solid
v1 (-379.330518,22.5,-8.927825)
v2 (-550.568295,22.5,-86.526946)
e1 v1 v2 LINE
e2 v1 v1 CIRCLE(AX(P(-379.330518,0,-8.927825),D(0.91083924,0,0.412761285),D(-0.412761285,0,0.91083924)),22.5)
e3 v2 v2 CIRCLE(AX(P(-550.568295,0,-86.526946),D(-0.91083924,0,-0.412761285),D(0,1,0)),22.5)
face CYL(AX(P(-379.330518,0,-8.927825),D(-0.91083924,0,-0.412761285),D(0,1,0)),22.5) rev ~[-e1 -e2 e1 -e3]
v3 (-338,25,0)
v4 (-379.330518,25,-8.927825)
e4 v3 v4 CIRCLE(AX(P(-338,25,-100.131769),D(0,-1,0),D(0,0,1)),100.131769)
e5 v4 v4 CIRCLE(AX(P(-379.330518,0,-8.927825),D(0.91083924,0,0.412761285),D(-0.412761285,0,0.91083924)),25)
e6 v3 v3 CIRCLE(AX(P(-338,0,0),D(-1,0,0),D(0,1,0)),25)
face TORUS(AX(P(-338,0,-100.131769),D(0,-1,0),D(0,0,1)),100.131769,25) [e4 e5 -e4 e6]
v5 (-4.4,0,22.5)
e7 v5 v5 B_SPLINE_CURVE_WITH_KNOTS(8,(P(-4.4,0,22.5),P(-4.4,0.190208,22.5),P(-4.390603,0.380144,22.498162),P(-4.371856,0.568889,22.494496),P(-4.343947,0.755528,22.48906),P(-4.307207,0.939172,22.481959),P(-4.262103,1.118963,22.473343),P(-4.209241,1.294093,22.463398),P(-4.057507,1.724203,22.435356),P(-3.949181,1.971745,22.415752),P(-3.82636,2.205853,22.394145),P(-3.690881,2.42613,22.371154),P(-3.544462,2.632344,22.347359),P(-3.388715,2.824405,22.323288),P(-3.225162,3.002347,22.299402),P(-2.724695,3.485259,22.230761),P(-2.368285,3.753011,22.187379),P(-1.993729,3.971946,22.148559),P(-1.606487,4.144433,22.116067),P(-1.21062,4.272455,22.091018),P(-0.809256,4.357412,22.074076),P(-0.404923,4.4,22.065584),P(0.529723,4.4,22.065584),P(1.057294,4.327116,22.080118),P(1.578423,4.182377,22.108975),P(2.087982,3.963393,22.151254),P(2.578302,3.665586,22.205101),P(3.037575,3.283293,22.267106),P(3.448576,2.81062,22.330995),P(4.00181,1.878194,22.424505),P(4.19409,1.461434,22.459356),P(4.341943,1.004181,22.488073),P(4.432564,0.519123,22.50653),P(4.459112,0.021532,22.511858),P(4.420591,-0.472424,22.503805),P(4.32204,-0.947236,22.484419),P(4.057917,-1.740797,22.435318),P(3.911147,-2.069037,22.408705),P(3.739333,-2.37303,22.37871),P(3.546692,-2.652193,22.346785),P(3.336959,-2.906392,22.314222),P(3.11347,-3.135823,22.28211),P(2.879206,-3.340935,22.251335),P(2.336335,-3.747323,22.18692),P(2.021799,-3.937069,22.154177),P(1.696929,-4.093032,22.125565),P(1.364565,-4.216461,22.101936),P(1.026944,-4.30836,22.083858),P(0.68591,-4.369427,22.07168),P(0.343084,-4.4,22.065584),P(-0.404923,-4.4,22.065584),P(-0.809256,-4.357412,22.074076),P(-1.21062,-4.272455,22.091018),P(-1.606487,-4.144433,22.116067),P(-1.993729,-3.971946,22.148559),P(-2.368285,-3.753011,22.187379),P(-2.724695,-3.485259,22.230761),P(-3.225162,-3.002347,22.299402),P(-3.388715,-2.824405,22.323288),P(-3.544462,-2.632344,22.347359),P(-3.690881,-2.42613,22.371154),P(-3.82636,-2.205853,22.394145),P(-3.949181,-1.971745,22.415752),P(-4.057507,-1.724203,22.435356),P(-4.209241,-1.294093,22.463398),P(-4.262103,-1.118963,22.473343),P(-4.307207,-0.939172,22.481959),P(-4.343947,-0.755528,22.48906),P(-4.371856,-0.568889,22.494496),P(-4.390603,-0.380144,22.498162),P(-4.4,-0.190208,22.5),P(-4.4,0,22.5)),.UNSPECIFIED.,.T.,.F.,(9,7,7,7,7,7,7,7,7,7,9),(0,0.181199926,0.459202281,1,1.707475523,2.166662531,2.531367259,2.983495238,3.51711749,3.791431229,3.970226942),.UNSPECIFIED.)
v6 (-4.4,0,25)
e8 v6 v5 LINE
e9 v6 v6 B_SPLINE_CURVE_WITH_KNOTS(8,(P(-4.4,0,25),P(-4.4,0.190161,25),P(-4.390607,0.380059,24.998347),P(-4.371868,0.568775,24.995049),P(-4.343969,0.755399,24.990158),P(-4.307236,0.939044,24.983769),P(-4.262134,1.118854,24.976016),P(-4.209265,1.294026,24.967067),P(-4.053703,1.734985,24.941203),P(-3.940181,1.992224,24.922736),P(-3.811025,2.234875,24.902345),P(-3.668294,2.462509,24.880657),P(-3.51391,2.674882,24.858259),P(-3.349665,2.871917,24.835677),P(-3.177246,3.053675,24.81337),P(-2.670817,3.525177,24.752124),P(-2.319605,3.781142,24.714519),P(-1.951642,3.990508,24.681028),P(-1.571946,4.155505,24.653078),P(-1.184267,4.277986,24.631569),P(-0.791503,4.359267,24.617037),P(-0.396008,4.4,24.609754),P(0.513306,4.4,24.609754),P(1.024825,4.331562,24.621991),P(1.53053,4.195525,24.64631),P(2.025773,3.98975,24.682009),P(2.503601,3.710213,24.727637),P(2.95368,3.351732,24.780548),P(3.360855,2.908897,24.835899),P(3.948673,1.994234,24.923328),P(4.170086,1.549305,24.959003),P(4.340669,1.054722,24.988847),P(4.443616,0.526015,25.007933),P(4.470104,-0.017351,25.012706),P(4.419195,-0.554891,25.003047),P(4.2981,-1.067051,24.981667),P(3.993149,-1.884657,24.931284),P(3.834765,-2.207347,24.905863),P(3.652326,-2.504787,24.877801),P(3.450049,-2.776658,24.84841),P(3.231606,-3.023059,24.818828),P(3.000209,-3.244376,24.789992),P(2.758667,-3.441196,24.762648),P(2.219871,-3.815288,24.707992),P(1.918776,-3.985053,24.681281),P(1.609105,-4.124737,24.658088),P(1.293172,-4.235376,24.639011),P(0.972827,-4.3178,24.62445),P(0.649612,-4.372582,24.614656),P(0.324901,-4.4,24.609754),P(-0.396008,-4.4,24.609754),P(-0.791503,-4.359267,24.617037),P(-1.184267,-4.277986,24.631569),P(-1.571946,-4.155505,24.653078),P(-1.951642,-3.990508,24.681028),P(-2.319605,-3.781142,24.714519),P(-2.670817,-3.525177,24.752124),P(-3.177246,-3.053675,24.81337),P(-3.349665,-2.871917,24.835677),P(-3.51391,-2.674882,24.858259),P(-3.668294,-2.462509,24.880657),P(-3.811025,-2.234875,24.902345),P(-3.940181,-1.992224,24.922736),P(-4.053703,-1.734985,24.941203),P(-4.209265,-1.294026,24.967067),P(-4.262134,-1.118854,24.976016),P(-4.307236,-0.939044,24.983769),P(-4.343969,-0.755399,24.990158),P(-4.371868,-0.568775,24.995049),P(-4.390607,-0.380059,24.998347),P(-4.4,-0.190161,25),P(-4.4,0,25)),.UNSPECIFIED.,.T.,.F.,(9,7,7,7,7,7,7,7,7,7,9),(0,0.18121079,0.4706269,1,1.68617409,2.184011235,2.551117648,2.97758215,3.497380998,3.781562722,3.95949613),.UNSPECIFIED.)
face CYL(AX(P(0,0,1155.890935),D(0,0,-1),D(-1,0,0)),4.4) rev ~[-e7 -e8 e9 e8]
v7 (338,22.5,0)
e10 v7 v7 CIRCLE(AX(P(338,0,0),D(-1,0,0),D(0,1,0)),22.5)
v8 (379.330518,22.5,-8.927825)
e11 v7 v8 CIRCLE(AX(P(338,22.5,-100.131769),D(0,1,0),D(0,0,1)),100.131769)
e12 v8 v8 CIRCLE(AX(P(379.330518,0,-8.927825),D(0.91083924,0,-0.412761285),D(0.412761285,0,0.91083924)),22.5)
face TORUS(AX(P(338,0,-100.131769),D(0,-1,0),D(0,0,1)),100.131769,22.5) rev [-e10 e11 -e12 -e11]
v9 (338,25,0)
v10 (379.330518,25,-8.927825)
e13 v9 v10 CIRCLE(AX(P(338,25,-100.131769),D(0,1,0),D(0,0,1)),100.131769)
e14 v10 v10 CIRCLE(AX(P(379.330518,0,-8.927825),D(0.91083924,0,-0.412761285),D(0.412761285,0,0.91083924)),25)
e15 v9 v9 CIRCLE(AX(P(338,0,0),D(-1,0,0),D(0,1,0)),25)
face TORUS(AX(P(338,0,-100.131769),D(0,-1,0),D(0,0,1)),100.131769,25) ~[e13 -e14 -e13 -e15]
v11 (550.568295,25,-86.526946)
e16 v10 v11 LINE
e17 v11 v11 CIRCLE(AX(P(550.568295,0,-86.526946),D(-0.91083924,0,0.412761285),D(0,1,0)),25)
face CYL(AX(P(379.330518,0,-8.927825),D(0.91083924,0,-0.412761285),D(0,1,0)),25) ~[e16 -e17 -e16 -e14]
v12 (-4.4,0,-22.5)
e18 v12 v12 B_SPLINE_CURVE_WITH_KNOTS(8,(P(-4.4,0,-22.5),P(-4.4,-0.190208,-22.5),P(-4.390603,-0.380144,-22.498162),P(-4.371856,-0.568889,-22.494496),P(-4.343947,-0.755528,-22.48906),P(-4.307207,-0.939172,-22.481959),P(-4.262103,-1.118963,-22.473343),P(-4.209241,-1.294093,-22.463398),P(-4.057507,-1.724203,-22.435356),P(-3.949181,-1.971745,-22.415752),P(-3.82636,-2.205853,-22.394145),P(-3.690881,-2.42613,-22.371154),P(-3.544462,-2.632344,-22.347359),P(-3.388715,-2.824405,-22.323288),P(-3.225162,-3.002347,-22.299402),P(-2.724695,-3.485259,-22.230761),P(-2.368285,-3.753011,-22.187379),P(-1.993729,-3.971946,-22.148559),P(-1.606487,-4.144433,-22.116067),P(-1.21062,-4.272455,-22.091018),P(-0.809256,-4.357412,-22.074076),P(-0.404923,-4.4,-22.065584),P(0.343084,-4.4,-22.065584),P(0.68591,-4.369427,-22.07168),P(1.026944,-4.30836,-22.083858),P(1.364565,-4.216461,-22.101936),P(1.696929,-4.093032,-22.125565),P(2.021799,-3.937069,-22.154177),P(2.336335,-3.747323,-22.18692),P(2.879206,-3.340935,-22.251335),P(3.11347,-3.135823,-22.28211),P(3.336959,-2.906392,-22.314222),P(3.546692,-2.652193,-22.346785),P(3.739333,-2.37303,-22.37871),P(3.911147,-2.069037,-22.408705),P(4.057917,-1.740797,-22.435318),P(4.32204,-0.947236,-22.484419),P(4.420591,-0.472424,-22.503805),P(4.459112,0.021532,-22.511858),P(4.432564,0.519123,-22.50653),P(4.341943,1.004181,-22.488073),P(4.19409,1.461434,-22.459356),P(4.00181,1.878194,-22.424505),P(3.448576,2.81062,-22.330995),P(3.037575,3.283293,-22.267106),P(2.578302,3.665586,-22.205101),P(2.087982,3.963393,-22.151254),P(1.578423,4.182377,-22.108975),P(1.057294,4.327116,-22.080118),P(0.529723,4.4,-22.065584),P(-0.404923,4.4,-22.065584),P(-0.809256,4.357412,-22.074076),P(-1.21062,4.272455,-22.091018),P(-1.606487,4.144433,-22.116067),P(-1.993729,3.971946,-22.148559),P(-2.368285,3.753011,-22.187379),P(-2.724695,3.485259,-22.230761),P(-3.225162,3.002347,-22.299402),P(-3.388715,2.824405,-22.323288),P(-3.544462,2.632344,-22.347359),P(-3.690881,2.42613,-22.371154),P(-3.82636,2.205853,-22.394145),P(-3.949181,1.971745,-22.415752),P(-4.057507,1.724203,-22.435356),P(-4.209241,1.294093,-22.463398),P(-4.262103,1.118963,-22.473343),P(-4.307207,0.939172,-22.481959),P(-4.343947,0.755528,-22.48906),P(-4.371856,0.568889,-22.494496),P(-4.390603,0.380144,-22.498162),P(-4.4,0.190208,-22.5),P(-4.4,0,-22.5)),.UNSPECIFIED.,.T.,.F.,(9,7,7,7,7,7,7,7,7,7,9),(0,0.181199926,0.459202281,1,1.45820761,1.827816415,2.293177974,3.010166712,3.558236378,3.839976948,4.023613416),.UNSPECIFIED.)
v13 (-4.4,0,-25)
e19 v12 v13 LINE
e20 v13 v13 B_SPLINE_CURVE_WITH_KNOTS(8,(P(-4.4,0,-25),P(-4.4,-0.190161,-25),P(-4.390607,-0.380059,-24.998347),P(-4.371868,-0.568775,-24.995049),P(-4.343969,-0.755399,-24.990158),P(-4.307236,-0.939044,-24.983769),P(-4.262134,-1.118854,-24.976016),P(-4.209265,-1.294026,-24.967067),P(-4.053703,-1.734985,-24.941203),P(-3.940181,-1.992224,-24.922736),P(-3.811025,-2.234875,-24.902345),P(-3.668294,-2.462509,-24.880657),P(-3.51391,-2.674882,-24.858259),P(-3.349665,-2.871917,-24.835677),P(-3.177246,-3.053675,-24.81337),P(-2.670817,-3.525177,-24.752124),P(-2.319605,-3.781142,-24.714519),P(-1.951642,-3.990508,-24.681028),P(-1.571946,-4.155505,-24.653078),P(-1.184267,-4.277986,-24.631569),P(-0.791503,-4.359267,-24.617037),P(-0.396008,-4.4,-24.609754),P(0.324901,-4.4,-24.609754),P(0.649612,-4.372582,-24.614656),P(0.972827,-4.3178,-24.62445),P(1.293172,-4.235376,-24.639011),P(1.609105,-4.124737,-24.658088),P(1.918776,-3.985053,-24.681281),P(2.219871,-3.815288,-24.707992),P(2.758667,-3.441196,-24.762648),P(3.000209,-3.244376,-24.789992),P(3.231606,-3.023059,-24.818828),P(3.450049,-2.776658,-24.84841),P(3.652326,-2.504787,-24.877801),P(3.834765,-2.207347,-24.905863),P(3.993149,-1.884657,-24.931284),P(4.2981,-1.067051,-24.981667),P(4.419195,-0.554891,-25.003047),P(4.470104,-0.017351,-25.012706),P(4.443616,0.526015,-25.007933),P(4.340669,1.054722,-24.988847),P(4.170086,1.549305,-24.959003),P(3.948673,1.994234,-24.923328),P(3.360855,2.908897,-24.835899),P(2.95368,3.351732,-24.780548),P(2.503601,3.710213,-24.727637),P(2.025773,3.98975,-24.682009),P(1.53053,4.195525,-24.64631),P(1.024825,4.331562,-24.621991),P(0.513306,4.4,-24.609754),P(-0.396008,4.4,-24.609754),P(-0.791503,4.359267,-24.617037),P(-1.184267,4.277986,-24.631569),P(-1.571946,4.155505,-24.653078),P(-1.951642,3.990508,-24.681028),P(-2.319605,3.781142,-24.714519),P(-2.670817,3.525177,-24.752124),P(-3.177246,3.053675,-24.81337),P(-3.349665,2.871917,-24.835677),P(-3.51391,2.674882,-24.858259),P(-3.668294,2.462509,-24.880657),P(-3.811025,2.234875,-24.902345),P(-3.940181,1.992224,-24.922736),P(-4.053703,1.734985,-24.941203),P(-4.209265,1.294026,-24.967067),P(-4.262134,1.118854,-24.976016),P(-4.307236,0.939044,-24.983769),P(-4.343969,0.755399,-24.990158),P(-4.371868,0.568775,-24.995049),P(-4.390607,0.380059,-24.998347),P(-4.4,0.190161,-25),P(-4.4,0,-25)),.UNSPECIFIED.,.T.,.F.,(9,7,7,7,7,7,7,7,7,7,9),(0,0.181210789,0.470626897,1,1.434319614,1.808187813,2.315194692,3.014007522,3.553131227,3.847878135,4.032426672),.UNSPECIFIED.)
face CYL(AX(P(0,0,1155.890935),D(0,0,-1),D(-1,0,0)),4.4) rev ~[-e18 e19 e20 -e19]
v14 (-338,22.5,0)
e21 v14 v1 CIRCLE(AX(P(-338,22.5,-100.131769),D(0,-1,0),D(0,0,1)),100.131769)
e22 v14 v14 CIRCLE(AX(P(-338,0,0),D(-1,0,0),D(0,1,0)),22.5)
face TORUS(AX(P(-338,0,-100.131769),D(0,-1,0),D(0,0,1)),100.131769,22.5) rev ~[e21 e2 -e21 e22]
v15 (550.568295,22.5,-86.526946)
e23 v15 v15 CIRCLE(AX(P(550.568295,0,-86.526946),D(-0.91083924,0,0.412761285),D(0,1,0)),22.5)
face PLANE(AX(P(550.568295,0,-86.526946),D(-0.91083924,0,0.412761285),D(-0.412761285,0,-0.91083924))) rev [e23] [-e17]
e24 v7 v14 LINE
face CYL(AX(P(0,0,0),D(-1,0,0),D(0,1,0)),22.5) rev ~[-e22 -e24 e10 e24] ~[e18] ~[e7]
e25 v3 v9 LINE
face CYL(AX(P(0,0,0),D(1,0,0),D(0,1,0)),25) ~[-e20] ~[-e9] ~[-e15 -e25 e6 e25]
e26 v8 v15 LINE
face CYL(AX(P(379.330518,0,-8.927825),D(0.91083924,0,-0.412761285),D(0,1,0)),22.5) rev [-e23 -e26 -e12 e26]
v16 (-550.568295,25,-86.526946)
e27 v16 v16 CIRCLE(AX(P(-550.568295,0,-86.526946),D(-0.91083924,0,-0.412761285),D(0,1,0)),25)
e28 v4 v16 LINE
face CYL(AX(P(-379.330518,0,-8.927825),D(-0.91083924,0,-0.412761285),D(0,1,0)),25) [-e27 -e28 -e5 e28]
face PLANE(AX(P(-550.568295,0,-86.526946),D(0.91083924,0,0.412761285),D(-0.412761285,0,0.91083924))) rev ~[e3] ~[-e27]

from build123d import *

# Parameters (mm, degrees)
F1_R   = 25
F1_R_2 = 22.5
F6_D   = 8.8


with BuildPart() as f2:
    # F2: sweep along a path in F0
    with BuildLine(Plane.XZ) as f2_path:
        Line((0, 24.8682312667), (-338, 24.8682312667))
        ThreePointArc((-338, 24.8682312667), (-364.3925829493, 22.0501921499), (-389.5951606003, 13.723136311))
        Line((-389.5951606003, 13.723136311), (-560.8329377868, -63.8759852319))
    # F1 (on Right) → F2 (sweep)
    with BuildSketch(Plane.YZ):
        Circle(F1_R)
        Circle(F1_R_2, mode=Mode.SUBTRACT)
    sweep(path=f2_path.line)

    # F3: F2 across plane


with BuildPart() as f2_1:
    add(f2.part)
    add(f2.part.mirror(Plane.YZ))

    # F6 (through all)
    with Locations(Plane.XY.offset(25)):
        with Locations((0, 0)):
            Hole(F6_D / 2)


solid = f2_1.part
